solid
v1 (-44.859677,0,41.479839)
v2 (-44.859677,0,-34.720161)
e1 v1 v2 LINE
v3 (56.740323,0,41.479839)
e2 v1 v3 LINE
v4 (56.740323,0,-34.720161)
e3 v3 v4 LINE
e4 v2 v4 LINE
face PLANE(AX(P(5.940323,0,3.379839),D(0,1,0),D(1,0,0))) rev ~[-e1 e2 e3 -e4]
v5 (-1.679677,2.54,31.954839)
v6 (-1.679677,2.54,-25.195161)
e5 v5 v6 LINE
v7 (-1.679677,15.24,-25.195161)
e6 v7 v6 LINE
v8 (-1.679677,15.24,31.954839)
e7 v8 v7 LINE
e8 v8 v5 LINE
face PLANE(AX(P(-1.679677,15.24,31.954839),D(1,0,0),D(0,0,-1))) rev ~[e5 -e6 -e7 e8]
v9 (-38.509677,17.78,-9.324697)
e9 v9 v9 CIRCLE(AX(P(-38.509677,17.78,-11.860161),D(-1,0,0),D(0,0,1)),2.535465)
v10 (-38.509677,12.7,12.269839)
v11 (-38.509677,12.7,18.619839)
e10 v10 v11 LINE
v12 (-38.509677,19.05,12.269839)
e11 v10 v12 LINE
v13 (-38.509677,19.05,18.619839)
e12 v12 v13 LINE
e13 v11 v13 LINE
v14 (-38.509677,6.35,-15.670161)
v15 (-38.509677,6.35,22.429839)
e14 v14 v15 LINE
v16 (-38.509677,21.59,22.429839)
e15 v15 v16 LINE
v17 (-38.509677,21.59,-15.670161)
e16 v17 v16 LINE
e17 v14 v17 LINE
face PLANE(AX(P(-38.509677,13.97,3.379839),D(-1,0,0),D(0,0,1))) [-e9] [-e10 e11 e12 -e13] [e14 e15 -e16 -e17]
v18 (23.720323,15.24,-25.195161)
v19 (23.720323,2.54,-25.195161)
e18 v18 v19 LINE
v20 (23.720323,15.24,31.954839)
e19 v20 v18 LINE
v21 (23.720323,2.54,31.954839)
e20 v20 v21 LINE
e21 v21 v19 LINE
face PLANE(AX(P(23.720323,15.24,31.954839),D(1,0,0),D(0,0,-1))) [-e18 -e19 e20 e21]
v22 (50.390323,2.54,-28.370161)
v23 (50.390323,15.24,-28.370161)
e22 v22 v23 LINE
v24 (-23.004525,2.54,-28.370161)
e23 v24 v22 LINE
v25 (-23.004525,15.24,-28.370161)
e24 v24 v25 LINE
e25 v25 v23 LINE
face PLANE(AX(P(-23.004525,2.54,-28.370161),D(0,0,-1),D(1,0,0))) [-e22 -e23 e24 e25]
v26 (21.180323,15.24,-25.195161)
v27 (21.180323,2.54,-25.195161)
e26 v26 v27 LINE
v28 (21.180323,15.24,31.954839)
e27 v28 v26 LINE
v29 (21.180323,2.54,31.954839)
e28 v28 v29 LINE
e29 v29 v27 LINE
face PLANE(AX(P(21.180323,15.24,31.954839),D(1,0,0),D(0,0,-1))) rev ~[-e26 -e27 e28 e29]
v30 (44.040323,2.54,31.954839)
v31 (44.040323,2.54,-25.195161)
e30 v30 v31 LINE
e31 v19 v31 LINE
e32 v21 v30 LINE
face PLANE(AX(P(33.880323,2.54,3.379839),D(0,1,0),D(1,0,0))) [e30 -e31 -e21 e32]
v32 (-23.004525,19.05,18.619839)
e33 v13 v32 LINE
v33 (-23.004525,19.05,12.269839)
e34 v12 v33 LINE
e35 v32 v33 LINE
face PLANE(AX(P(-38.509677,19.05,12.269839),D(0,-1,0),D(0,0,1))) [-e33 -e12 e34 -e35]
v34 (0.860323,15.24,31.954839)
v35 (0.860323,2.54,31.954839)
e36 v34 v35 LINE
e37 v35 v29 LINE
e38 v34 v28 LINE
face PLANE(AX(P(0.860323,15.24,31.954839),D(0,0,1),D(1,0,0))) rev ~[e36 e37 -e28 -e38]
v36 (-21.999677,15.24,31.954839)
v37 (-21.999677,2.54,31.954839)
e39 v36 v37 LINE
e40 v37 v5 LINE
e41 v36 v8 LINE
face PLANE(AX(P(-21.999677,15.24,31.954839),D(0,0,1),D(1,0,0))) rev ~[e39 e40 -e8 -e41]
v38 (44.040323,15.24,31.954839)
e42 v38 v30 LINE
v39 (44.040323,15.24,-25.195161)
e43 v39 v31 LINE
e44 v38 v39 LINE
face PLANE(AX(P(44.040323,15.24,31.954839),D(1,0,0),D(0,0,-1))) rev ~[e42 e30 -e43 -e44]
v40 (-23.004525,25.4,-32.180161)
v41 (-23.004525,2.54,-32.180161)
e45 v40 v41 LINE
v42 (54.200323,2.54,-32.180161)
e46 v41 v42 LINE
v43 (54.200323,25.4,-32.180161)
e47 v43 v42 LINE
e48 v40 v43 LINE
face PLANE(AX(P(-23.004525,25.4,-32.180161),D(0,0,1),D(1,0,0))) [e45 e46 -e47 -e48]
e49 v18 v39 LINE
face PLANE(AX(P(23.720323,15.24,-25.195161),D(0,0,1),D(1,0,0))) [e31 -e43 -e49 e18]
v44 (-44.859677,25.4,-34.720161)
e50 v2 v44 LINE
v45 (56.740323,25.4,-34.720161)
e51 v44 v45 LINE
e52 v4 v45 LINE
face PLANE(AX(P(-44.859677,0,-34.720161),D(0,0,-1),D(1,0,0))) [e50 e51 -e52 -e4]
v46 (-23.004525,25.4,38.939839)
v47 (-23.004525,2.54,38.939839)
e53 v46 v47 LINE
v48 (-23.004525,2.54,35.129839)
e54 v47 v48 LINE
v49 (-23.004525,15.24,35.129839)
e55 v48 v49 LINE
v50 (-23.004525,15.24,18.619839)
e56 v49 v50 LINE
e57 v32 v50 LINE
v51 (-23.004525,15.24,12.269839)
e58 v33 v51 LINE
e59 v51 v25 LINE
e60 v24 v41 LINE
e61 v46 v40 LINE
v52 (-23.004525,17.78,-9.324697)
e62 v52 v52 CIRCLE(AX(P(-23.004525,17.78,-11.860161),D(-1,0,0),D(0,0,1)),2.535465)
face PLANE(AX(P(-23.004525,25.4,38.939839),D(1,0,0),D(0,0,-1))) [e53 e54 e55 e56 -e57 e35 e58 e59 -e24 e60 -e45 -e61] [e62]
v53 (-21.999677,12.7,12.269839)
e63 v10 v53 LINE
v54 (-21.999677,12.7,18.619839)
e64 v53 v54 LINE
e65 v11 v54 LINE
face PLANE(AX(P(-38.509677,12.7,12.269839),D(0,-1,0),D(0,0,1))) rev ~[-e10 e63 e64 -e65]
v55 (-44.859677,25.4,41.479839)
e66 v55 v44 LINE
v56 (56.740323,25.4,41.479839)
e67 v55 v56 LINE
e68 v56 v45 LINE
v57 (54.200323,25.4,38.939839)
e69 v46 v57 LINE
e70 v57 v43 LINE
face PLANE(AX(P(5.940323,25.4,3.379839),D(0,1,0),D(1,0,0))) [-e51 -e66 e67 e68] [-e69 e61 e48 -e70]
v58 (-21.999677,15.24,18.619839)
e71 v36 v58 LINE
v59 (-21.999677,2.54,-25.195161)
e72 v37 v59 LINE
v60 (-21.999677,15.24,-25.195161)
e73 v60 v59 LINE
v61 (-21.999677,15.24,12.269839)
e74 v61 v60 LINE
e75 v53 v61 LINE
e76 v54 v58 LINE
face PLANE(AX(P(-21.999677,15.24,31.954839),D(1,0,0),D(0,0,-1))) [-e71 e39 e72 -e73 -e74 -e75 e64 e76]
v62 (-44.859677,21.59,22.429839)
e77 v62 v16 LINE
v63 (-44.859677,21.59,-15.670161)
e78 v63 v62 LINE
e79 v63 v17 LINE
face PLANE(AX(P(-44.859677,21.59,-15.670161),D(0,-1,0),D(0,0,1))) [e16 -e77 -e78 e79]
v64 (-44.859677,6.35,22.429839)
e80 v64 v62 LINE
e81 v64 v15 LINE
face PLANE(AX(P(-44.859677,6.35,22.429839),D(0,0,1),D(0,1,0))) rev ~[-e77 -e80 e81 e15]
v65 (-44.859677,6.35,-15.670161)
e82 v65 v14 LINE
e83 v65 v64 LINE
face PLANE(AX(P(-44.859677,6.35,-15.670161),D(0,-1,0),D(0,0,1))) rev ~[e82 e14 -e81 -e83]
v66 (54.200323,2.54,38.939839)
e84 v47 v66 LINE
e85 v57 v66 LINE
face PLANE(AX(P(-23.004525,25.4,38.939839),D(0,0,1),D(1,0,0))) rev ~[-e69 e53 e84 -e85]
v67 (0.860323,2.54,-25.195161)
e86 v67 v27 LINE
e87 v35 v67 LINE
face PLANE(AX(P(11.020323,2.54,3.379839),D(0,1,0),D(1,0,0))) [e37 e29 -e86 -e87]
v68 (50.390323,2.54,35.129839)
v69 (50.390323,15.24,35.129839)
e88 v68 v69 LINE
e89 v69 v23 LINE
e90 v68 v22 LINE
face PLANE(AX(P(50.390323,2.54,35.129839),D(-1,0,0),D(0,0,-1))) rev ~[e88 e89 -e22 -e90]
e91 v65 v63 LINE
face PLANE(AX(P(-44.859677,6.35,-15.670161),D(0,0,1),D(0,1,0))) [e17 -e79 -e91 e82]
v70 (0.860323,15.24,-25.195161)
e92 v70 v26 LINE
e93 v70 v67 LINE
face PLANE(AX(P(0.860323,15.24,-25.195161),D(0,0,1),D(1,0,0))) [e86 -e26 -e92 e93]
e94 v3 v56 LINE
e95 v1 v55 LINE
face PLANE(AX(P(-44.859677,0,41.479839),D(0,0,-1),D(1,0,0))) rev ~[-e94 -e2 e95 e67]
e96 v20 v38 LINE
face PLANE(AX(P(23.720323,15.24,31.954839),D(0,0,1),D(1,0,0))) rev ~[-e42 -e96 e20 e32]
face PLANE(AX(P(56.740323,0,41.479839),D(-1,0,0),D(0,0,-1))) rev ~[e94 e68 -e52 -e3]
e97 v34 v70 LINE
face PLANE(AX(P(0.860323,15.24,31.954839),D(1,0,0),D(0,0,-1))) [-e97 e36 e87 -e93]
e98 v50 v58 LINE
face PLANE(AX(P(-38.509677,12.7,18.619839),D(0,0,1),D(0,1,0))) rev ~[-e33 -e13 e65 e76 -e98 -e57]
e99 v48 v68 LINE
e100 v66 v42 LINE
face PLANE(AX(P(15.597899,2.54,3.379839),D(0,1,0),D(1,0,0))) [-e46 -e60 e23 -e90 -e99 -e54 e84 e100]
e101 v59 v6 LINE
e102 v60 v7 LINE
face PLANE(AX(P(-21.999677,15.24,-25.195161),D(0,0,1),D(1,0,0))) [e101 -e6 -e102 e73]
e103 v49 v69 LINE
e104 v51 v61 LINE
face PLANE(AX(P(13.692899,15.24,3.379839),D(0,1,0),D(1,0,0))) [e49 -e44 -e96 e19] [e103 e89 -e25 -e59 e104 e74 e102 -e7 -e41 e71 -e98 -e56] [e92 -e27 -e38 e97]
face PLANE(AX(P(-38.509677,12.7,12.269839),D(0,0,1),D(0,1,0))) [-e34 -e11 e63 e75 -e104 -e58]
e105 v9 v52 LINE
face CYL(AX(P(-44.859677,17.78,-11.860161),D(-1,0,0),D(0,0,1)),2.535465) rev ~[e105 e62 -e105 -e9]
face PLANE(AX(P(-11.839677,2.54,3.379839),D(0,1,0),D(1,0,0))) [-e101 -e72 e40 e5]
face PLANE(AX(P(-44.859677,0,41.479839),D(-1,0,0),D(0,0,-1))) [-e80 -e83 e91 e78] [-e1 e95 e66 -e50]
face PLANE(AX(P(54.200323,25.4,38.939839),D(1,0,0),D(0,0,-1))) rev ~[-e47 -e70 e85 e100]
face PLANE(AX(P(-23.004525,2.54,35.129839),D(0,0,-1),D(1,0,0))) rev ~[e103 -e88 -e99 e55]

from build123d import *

# Parameters (mm, degrees)
SKETCH1_W           = 101.6
SKETCH1_H           = 76.2
BOSS_EXTRUDE1_DEPTH = 25.4
SKETCH2_W           = 77.204847721
SKETCH2_H           = 71.12
CUT_EXTRUDE1_DEPTH  = 22.86
SKETCH3_W           = 73.394847721
SKETCH3_H           = 63.5
BOSS_EXTRUDE3_DEPTH = 12.7
SKETCH4_W           = 38.1
SKETCH4_H           = 15.24
CUT_EXTRUDE2_DEPTH  = 6.35
SKETCH7_R           = 2.535464608
CUT_EXTRUDE3_DEPTH  = 22.86
SKETCH8_W           = 6.35
SKETCH8_H           = 6.35
CUT_EXTRUDE5_DEPTH  = 17.78
SKETCH9_W           = 20.32
SKETCH9_H           = 57.15
CUT_EXTRUDE6_DEPTH  = 12.7
LPATTERN1_COUNT     = 3
LPATTERN1_PITCH     = 22.86


with BuildPart() as part:
    # Sketch1 → Boss-Extrude1 (new body)
    with BuildSketch(Plane(origin=(0, 0, 0), x_dir=(1, 0, 0), z_dir=(0, 1, 0))):
        with Locations((5.940322581, -3.37983871)):
            Rectangle(SKETCH1_W, SKETCH1_H)
    extrude(amount=BOSS_EXTRUDE1_DEPTH)

    # Sketch2 → Cut-Extrude1 (cut)
    with BuildSketch(Plane(origin=(0, 25.4, 0), x_dir=(1, 0, 0), z_dir=(0, 1, 0))):
        with Locations((15.59789872, -3.37983871)):
            Rectangle(SKETCH2_W, SKETCH2_H)
    extrude(amount=-CUT_EXTRUDE1_DEPTH, mode=Mode.SUBTRACT)

    # Sketch3 → Boss-Extrude3 (add)
    with BuildSketch(Plane(origin=(0, 2.54, 0), x_dir=(1, 0, 0), z_dir=(0, 1, 0))):
        with Locations((13.692898721, -3.37983871)):
            Rectangle(SKETCH3_W, SKETCH3_H)
    extrude(amount=BOSS_EXTRUDE3_DEPTH)

    # Sketch4 → Cut-Extrude2 (cut)
    with BuildSketch(Plane.ZY.offset(44.859677419)):
        with Locations((3.37983871, 13.97)):
            Rectangle(SKETCH4_W, SKETCH4_H)
    extrude(amount=-CUT_EXTRUDE2_DEPTH, mode=Mode.SUBTRACT)

    # Sketch7 → Cut-Extrude3 (cut)
    with BuildSketch(Plane.ZY.offset(44.859677419)):
        with Locations((-11.86016129, 17.78)):
            Circle(SKETCH7_R)
    extrude(amount=-CUT_EXTRUDE3_DEPTH, mode=Mode.SUBTRACT)

    # Sketch8 → Cut-Extrude5 (cut)
    with BuildSketch(Plane.ZY.offset(38.509677419)):
        with Locations((15.44483871, 15.875)):
            Rectangle(SKETCH8_W, SKETCH8_H)
    extrude(amount=-CUT_EXTRUDE5_DEPTH, mode=Mode.SUBTRACT)

    # Sketch9 → Cut-Extrude6 (cut)
    with BuildSketch(Plane(origin=(0, 15.24, 0), x_dir=(1, 0, 0), z_dir=(0, 1, 0))):
        with Locations((33.880322581, -3.37983871)):
            Rectangle(SKETCH9_W, SKETCH9_H)
    cut_extrude6 = extrude(amount=-CUT_EXTRUDE6_DEPTH, mode=Mode.SUBTRACT)

    # LPattern1: Cut-Extrude6 ×3
    with Locations(*[(-i * LPATTERN1_PITCH, 0, 0) for i in range(1, LPATTERN1_COUNT)]):
        add(cut_extrude6, mode=Mode.SUBTRACT)


solid = part.part
